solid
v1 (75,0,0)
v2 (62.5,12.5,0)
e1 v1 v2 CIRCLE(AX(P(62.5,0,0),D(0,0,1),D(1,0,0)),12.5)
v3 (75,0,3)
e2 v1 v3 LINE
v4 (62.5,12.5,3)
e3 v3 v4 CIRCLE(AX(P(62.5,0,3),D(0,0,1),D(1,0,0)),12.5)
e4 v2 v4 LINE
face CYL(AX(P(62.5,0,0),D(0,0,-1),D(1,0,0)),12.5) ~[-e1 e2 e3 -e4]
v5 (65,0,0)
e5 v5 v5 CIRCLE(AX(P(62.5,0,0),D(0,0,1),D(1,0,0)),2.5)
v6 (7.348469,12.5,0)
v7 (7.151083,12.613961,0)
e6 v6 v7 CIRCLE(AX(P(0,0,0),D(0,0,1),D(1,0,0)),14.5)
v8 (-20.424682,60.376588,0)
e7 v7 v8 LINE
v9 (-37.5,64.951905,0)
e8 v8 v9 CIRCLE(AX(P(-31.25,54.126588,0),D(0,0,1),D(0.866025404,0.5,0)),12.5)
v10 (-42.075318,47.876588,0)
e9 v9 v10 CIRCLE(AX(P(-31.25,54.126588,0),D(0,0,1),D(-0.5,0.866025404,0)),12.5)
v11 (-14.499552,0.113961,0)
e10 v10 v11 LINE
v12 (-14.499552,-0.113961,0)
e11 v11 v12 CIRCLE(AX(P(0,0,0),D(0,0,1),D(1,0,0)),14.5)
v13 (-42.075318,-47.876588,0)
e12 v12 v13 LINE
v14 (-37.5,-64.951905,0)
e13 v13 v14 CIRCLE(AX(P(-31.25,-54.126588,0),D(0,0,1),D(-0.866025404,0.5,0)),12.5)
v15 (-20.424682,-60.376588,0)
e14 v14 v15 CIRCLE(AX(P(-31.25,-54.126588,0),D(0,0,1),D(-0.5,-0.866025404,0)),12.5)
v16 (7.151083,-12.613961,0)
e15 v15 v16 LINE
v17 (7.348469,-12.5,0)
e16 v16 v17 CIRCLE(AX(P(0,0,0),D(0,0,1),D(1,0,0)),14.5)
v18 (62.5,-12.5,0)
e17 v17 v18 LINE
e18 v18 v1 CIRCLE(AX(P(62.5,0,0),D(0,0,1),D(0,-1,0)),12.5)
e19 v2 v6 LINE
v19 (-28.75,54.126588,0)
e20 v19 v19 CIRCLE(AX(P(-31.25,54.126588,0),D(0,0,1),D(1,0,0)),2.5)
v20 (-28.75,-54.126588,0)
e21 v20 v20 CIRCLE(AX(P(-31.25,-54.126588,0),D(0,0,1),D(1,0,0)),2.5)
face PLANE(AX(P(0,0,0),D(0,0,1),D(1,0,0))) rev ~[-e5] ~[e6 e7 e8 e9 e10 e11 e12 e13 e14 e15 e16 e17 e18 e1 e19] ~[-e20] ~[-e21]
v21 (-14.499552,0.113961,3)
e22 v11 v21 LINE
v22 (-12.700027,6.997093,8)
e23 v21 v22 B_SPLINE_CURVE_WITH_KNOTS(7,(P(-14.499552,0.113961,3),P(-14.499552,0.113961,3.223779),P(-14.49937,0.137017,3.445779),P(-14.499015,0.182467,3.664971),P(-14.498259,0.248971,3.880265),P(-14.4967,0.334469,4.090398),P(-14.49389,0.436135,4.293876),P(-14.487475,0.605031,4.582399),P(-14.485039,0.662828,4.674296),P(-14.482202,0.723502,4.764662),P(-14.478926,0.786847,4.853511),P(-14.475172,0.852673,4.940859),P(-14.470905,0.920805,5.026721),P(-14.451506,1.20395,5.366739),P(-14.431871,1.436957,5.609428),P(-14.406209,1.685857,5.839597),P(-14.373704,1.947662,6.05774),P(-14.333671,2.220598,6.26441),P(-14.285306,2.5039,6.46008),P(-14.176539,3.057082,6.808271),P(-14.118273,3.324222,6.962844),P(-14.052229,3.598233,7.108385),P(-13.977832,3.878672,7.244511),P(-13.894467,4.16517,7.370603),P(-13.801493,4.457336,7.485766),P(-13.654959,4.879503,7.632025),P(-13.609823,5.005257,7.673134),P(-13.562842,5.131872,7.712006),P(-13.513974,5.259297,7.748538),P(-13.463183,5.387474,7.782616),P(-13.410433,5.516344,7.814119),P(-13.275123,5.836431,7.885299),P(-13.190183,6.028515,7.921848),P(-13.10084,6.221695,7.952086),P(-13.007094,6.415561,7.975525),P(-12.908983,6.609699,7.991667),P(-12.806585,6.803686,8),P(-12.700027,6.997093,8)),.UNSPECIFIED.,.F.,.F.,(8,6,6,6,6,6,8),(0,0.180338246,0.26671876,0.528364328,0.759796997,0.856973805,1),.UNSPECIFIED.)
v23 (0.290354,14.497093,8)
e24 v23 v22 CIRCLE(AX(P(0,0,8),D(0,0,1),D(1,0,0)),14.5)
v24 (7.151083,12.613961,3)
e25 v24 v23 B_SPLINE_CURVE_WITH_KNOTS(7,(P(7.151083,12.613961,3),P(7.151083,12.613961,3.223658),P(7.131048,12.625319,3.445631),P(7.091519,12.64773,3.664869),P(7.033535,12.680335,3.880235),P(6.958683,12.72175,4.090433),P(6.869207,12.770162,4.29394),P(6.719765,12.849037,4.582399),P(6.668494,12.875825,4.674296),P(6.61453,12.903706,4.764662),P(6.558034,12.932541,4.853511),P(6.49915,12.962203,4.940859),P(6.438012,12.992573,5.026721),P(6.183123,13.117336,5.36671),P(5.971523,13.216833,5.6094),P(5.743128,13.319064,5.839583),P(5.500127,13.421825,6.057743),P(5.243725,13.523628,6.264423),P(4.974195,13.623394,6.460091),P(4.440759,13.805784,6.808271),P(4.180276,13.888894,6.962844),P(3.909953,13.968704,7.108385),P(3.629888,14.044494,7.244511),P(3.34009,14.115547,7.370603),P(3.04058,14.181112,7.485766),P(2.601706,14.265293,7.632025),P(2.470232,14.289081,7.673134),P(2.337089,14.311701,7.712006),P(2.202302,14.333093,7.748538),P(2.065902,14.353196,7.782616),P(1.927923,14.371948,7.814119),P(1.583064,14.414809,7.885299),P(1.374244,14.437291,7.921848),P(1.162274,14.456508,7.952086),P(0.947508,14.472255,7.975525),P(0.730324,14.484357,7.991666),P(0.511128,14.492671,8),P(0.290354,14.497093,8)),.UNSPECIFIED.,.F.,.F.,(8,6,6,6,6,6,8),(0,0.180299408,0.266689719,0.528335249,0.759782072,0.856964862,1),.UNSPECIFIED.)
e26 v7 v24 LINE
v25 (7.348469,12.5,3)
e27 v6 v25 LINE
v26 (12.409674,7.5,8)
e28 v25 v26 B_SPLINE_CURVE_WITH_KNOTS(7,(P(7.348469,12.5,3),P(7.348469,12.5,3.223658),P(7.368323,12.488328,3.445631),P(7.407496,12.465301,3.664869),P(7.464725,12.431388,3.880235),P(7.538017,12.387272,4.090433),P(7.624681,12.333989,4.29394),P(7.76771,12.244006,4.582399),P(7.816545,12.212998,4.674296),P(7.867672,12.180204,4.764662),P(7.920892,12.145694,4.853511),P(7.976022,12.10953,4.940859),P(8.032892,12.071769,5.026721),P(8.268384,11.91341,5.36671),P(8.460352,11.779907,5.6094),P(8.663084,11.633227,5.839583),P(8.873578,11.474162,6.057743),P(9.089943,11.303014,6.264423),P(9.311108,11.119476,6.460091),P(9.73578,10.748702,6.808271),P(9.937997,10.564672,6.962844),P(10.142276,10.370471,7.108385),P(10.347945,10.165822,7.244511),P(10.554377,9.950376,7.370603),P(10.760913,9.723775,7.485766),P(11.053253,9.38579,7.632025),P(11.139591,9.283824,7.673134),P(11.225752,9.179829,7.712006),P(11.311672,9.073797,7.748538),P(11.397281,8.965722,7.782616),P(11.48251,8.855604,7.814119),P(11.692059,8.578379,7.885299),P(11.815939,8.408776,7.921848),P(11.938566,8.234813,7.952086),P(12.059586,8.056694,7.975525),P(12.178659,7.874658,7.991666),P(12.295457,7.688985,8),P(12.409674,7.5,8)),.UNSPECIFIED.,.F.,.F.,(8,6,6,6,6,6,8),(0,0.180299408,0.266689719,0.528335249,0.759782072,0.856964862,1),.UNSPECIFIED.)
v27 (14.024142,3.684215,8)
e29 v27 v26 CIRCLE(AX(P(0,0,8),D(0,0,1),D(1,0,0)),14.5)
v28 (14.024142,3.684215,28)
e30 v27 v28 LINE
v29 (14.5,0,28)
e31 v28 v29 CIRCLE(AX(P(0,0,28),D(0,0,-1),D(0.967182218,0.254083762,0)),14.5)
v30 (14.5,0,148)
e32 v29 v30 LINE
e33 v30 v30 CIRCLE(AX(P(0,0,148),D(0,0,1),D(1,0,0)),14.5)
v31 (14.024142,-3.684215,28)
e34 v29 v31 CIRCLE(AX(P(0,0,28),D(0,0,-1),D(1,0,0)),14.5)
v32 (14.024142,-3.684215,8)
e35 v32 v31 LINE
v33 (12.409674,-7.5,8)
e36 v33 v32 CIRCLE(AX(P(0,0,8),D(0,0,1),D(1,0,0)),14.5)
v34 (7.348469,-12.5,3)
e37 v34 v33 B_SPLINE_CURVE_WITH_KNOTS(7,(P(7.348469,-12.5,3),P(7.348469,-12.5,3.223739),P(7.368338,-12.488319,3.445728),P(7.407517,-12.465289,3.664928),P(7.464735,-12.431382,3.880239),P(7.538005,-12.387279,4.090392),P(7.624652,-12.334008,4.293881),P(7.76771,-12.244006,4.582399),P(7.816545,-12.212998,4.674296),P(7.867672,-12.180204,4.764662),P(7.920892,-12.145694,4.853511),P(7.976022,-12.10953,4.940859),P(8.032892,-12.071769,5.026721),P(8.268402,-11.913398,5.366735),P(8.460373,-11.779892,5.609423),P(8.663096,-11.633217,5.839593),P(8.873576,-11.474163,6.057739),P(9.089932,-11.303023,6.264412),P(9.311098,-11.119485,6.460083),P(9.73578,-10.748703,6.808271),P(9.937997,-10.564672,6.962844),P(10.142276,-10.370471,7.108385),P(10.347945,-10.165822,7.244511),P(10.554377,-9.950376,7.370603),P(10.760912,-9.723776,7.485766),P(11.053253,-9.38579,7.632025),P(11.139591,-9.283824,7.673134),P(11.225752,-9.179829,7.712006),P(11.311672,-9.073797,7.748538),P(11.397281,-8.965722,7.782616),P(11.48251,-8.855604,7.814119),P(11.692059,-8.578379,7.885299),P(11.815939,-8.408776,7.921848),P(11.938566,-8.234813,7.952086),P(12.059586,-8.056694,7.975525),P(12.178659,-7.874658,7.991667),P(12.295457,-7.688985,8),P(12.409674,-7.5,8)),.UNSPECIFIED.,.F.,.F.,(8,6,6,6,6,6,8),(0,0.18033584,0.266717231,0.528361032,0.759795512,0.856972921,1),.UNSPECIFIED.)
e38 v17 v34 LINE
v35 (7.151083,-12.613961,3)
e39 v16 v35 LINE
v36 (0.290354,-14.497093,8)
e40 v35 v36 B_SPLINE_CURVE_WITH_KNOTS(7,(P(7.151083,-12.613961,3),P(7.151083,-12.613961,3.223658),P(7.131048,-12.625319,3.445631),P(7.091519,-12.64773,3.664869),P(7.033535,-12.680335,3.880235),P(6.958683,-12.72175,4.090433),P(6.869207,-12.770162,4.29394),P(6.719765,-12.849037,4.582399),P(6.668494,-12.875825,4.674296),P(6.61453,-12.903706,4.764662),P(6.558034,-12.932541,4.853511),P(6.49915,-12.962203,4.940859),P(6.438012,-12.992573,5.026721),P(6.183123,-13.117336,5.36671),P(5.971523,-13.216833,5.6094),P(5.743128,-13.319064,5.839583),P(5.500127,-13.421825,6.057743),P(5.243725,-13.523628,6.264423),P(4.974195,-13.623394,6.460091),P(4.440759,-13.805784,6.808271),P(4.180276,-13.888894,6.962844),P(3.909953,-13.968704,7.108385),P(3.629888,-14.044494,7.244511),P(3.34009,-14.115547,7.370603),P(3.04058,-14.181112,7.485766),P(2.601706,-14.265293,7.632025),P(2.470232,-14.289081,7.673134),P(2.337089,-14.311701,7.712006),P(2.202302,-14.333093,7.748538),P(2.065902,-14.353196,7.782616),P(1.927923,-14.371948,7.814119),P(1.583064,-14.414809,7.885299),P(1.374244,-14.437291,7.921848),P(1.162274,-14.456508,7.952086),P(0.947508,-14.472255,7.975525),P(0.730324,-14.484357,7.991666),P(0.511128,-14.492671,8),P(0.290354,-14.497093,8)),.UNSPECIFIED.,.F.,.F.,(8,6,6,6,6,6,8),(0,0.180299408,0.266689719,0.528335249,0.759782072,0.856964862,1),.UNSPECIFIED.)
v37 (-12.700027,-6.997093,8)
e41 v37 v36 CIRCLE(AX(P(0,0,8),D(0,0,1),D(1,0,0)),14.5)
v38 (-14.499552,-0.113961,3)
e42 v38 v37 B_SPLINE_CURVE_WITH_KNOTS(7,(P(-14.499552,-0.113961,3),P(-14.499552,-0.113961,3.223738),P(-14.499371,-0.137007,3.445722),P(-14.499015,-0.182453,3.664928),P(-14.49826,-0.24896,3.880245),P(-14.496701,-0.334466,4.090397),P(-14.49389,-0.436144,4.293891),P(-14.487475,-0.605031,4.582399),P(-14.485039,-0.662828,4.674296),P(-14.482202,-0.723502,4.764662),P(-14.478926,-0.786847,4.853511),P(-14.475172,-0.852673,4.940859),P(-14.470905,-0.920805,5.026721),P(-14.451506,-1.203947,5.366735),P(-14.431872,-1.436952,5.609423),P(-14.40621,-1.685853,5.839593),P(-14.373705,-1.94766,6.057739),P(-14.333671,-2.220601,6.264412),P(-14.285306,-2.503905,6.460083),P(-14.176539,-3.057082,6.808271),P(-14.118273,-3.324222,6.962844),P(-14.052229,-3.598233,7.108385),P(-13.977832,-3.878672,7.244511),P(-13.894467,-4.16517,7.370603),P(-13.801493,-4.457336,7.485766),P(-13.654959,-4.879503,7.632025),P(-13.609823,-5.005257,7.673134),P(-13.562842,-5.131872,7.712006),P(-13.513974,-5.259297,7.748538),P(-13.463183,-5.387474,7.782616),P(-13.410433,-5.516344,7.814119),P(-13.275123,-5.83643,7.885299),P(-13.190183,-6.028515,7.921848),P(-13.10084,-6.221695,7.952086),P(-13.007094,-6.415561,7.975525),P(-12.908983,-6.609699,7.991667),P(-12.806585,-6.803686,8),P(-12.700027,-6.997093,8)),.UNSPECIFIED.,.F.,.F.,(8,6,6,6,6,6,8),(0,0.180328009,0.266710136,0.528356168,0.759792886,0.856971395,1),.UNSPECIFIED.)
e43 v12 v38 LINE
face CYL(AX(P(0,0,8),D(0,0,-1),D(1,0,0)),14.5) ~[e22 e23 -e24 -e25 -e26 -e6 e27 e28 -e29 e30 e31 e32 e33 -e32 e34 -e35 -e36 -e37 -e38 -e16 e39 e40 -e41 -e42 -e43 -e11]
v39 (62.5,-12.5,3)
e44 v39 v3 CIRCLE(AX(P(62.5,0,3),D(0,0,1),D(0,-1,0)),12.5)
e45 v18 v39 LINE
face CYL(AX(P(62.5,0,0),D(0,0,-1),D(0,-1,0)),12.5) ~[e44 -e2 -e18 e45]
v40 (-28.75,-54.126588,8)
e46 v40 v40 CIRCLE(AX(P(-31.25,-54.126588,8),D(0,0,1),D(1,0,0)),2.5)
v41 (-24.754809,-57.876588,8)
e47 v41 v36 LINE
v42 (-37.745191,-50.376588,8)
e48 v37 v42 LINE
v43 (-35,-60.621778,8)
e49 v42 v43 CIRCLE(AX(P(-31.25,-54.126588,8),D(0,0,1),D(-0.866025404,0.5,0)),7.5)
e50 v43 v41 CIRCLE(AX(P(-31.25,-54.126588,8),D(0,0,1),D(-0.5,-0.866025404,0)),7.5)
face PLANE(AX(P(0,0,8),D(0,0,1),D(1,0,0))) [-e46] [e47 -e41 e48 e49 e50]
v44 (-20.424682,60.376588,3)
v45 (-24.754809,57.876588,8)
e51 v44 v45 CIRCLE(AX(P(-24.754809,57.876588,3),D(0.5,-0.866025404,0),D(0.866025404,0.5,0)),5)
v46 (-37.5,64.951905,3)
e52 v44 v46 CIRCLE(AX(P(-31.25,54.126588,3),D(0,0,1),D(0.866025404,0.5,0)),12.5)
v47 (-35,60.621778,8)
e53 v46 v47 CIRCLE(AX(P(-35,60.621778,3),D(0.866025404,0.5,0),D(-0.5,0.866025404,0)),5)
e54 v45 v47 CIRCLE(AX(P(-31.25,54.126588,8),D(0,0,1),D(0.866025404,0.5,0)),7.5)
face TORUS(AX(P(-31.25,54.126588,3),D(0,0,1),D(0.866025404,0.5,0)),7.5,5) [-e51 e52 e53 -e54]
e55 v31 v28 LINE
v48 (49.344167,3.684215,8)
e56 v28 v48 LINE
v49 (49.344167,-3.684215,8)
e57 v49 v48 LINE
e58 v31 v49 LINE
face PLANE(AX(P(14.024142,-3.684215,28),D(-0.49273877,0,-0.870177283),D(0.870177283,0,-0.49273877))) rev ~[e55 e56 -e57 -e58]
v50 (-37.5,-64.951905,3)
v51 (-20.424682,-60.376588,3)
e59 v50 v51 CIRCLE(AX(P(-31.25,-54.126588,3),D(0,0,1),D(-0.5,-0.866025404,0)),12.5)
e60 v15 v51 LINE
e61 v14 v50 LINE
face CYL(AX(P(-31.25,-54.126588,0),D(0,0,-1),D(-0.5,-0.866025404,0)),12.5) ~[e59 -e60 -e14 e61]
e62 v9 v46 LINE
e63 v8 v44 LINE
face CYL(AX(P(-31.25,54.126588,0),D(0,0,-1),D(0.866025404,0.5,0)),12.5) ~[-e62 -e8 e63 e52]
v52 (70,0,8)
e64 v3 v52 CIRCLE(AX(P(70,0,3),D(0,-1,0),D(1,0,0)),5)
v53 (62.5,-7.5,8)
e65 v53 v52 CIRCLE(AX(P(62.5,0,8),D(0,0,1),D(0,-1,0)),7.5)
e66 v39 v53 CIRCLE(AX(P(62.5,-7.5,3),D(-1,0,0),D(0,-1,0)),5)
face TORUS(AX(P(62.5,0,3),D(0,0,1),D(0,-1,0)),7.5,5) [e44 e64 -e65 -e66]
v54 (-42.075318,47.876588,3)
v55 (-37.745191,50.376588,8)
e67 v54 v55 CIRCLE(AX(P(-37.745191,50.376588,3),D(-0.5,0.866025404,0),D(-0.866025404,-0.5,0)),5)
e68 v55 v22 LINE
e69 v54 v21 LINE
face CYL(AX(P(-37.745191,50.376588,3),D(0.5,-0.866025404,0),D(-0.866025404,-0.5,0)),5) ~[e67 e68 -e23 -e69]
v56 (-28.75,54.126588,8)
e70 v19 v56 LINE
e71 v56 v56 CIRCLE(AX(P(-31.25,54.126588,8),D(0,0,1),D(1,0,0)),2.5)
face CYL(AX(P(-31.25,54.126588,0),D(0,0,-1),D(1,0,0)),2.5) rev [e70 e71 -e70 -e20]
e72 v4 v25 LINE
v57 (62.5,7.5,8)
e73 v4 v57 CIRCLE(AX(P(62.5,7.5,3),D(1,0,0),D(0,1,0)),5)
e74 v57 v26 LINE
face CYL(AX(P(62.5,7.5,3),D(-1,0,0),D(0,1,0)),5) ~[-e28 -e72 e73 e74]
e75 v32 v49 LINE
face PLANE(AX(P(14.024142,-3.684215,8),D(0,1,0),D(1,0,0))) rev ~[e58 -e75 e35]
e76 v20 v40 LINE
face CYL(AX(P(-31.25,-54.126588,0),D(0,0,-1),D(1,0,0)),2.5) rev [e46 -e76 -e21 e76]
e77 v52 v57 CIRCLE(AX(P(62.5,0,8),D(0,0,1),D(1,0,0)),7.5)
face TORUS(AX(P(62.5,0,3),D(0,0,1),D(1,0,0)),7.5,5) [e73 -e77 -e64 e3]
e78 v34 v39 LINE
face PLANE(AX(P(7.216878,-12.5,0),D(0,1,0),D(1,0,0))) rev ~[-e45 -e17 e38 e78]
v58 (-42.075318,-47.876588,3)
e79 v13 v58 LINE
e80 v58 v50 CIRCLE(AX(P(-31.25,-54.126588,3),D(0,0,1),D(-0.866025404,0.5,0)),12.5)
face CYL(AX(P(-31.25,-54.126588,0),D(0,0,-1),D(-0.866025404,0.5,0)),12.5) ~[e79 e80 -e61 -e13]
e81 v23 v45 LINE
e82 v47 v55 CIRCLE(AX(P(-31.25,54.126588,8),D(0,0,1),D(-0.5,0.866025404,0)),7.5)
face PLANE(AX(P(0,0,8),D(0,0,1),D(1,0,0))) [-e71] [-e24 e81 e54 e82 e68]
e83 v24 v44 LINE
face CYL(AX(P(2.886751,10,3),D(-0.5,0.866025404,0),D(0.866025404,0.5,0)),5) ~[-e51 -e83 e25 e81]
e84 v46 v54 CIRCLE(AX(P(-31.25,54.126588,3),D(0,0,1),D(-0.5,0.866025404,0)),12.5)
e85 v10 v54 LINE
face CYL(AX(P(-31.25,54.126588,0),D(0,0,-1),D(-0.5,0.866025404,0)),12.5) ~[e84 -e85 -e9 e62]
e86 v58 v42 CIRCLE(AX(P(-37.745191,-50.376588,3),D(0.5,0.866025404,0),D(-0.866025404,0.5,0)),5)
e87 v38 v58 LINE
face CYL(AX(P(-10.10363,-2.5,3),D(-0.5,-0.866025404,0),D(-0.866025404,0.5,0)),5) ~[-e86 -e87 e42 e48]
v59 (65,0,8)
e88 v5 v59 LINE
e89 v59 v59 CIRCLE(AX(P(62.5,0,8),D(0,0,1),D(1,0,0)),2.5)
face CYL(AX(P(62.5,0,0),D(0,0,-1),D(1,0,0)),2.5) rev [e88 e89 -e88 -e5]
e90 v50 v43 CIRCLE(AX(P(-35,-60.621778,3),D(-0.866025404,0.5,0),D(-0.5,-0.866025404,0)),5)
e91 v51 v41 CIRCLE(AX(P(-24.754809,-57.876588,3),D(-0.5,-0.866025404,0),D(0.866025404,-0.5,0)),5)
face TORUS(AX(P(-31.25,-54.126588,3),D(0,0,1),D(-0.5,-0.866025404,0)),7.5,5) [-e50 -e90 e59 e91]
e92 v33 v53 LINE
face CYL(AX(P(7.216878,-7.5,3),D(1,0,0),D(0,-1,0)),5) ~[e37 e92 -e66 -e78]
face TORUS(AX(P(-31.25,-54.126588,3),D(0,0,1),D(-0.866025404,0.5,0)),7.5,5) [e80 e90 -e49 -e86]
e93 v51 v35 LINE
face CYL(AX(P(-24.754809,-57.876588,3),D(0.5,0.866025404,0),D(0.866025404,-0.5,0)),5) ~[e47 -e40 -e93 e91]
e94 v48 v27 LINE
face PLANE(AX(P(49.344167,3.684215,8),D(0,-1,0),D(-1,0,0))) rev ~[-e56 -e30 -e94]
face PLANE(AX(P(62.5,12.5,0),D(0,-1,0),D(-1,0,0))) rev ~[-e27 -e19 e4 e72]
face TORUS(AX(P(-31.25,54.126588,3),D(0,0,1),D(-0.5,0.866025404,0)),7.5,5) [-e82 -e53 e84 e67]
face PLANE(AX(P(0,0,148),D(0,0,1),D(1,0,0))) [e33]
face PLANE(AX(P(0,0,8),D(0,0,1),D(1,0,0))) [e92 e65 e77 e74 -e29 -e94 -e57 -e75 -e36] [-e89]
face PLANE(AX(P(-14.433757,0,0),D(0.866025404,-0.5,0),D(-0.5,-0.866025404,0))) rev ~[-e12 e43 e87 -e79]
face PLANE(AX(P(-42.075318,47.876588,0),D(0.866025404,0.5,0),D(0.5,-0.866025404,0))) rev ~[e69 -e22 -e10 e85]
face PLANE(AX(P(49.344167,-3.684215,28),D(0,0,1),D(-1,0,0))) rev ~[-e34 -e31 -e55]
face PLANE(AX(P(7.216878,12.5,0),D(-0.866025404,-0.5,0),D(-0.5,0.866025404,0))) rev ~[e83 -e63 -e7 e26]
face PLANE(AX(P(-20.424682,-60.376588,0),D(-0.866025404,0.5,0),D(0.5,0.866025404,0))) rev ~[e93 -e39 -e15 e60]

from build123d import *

# Parameters (mm, degrees)
F0_R     = 2.5
F1_DEPTH = 8
F2_R     = 5
F3_R     = 14.5
F4_DEPTH = 140
F5_DEPTH = 8
F7_DEPTH = 20
F9_DEPTH = 80.7


with BuildPart() as f1:
    # F0 (on Top) → F1 (new body)
    with BuildSketch(Plane.XY):
        with BuildLine():
            ThreePointArc((75, 0), (71.3388347648, 8.8388347648), (62.5, 12.5))
            Line((62.5, 12.5), (7.2168783649, 12.5))
            Line((7.2168783649, 12.5), (-20.4246824527, 60.3765877365))
            ThreePointArc((-20.4246824527, 60.3765877365), (-28.0147619362, 66.2006605651), (-37.5, 64.9519052838))
            ThreePointArc((-37.5, 64.9519052838), (-43.3240728286, 57.3618258003), (-42.0753175473, 47.8765877365))
            Line((-42.0753175473, 47.8765877365), (-14.4337567297, 0))
            Line((-14.4337567297, 0), (-42.0753175473, -47.8765877365))
            ThreePointArc((-42.0753175473, -47.8765877365), (-43.3240728286, -57.3618258003), (-37.5, -64.9519052838))
            ThreePointArc((-37.5, -64.9519052838), (-28.0147619362, -66.2006605651), (-20.4246824527, -60.3765877365))
            Line((-20.4246824527, -60.3765877365), (7.2168783649, -12.5))
            Line((7.2168783649, -12.5), (62.5, -12.5))
            ThreePointArc((62.5, -12.5), (71.3388347648, -8.8388347648), (75, 0))
        make_face()
        with Locations((-31.25, -54.1265877365)):
            Circle(F0_R, mode=Mode.SUBTRACT)
        with Locations((62.5, 0)):
            Circle(F0_R, mode=Mode.SUBTRACT)
        with Locations((-31.25, 54.1265877365)):
            Circle(F0_R, mode=Mode.SUBTRACT)
    extrude(amount=F1_DEPTH)

    # F2
    f2_edges = [f1.edges().sort_by_distance(p)[0] for p in [
        (-37.5, 64.951905, 8),
        (-28.254537, -23.938294, 8),
        (34.858439, -12.5, 8),
    ]]
    fillet(f2_edges, radius=F2_R)

    # F3 (on face) → F4 (join)
    with BuildSketch(Plane.XY.offset(8)):
        Circle(F3_R)
    extrude(amount=F4_DEPTH)

    # F5 (add): faces of the model
    f5_faces = [f1.faces().sort_by_distance(p)[0] for p in [
        (6.0657037569, -10.5061070906, 8),
        (6.0657037569, 10.5061070906, 8),
        (-12.1314075138, 0, 8),
    ]]
    extrude(f5_faces, amount=F5_DEPTH)

    # F6 (on face) → F7 (join)
    with BuildSketch(Plane.XY.offset(8)):
        with BuildLine():
            Line((14.024142154, -3.6842145491), (49.3441671133, -3.6842145491))
            Line((49.3441671133, -3.6842145491), (49.3441671133, 3.6842145491))
            Line((49.3441671133, 3.6842145491), (14.024142154, 3.6842145491))
            ThreePointArc((14.024142154, 3.6842145491), (14.3805434743, 1.8574093204), (14.5, 0))
            ThreePointArc((14.5, 0), (14.3805434743, -1.8574093204), (14.024142154, -3.6842145491))
        make_face()
    extrude(amount=F7_DEPTH)

    # F8 (on face) → F9 (cut)
    with BuildSketch(Plane.XZ.offset(3.6842145491)):
        Polygon((14.024142154, 28), (49.3441671133, 8), (49.3441671133, 28), align=None)
    extrude(amount=-F9_DEPTH, mode=Mode.SUBTRACT)


solid = f1.part
